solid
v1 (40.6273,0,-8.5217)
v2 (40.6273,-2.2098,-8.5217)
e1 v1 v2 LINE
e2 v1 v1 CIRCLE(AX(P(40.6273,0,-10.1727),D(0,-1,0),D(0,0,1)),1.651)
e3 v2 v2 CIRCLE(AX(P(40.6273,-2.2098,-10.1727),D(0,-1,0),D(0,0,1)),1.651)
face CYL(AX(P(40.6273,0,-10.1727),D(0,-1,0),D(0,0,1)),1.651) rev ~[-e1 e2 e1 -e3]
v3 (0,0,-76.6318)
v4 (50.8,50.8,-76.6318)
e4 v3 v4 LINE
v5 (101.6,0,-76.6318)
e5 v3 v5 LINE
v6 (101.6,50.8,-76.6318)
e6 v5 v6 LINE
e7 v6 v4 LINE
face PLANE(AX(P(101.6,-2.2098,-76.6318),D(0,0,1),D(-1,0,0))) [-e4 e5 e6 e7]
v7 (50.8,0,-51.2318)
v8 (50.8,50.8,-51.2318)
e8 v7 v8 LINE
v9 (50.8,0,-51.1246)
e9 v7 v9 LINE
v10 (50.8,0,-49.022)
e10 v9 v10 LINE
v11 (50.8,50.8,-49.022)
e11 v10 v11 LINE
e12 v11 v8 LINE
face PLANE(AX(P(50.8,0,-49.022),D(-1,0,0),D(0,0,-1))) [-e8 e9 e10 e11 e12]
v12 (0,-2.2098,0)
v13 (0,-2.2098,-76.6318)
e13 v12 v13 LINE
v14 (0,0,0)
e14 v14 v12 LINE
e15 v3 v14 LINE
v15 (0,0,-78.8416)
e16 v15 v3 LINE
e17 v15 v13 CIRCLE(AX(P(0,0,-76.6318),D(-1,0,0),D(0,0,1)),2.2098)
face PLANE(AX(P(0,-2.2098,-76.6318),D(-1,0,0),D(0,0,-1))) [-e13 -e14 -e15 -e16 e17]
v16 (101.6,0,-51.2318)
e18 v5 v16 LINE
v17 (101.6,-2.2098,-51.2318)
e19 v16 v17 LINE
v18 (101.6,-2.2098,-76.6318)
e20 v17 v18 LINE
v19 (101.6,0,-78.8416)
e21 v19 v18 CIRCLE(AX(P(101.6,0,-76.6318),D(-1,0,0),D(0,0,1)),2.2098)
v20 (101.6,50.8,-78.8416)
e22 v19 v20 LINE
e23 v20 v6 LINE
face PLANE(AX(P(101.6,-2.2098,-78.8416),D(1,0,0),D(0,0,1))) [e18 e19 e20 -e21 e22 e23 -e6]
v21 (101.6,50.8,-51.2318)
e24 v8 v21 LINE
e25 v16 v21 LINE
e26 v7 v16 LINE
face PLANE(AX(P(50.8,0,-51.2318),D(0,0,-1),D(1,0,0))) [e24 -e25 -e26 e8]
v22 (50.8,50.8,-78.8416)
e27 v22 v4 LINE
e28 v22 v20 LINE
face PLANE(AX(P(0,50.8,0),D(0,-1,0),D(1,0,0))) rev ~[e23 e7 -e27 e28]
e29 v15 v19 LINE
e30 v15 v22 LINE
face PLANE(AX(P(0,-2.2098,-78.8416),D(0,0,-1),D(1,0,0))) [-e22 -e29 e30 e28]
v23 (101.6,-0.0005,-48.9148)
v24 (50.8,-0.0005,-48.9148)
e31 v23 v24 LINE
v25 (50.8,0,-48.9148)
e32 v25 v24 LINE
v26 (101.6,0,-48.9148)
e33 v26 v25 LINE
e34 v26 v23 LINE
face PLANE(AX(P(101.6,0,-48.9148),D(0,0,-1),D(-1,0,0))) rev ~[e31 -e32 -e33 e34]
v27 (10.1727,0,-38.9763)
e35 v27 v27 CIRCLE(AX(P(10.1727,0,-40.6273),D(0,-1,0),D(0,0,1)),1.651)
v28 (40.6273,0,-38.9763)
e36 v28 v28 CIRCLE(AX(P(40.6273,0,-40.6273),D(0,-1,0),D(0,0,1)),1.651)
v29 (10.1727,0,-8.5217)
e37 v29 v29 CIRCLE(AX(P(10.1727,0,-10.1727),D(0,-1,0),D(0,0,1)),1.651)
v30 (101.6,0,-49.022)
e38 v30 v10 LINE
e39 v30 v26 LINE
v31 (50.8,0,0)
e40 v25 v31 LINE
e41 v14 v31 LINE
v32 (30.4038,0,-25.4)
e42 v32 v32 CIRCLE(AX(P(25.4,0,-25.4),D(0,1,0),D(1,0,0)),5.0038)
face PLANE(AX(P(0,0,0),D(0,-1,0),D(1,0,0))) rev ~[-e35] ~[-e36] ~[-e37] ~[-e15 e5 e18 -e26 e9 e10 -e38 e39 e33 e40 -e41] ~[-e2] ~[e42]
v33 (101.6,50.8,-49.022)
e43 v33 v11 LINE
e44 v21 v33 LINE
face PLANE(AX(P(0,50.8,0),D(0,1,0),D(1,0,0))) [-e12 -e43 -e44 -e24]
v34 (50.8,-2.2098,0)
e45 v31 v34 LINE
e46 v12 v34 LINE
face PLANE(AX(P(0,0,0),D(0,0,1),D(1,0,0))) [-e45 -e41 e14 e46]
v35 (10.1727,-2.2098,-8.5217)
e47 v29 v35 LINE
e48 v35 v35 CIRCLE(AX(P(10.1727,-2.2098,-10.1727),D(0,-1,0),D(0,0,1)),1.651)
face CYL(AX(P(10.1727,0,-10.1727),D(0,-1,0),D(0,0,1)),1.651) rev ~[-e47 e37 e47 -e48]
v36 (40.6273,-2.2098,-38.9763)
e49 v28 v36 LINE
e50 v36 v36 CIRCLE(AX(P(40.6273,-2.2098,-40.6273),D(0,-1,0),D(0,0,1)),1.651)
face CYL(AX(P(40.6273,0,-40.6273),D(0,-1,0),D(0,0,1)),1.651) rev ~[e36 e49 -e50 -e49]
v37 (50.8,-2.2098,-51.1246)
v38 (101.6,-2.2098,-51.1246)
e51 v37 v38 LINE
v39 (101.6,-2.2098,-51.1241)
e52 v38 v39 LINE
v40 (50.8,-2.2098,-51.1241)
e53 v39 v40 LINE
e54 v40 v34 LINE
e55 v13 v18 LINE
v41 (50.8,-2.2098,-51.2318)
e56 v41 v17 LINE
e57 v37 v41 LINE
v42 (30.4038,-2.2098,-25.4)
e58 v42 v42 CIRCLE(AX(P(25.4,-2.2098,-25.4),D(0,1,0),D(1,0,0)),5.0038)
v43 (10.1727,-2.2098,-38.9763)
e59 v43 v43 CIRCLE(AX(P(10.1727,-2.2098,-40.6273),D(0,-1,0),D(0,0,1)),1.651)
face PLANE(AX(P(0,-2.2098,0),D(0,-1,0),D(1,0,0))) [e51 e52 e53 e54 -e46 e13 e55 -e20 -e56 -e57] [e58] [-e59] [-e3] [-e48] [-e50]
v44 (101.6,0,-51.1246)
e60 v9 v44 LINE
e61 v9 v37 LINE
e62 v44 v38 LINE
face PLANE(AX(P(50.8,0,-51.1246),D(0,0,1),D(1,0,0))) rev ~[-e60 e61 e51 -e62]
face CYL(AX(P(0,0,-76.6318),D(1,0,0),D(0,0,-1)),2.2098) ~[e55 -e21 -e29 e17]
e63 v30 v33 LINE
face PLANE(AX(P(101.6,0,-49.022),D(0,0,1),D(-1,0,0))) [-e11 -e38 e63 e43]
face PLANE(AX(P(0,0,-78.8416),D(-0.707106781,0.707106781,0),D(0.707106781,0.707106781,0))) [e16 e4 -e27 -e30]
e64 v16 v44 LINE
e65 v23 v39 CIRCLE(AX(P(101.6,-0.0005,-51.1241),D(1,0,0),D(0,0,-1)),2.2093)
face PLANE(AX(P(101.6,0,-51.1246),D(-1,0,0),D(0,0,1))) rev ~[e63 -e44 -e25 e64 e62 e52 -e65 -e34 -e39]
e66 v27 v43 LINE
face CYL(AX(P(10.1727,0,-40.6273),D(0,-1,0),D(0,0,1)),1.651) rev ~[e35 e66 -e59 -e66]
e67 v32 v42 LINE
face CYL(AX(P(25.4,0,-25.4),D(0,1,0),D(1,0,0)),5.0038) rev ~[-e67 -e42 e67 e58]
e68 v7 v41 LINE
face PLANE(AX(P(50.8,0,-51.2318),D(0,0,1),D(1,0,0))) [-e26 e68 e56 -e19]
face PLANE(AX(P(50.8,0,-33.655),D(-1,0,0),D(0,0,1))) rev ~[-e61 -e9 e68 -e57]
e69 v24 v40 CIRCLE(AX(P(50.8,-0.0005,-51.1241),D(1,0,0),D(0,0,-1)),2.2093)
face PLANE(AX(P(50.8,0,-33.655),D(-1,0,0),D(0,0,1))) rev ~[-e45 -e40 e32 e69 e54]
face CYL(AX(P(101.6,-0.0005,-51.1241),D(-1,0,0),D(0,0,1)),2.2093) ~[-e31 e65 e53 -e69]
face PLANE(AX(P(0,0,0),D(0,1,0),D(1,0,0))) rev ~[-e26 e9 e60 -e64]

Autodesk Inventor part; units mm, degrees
ref_plane "YZ Plane" through (0, 0, 0) normal (1, 0, 0) x (0, 1, 0)
ref_plane "XZ Plane" through (0, 0, 0) normal (0, 1, 0) x (-1, 0, 0)
ref_plane "XY Plane" through (0, 0, 0) normal (0, 0, 1) x (1, 0, 0)
sketch "Sketch1" plane through (0, 0, 0) normal (0, 1, 0) x (-1, 0, 0)
  line L0 (0, 0) -> (-50.8, 0)
  line L1 (-50.8, 0) -> (-50.8, -50.8)
  line L2 (-50.8, -50.8) -> (0, -50.8)
  line L3 (0, -50.8) -> (0, 0)
  line L4 (-50.8, 0) -> (-101.6, 0)
  line L5 (-101.6, 0) -> (-101.6, -25.4)
  line L6 (-101.6, -25.4) -> (-50.8, -25.4)
  line L7 (-50.8, -25.4) -> (-50.8, 0)
  line L8 (-50.8, 0) -> (-101.6, 0)
  line L9 (-101.6, 0) -> (-101.6, 2.2098)
  line L10 (-101.6, 2.2098) -> (-50.8, 2.2098)
  line L11 (-50.8, 2.2098) -> (-50.8, 0)
  dimension "d0" = 50.8
  dimension "d1" = 50.8
  dimension "d2" = 50.8
  dimension "d3" = 2.2098
extrude "Extrusion1" add sketch "Sketch1" against normal blind 2.2098
extrude "Extrusion2" add sketch "Sketch1" along normal blind 50.8 contours L4 L9 L10 L11
fillet "Fillet1" radius 2.2098 1 edges at (76.2, -2.2098, 2.2098)
sketch "Sketch2" plane through (0, 0, 0) normal (0, 1, 0) x (1, 0, 0)
  line L0 (50.8, 0) -> (101.6, 0) projected
  line L1 (101.6, 0) -> (101.6, 25.4) projected
  line L2 (101.6, 25.4) -> (50.8, 25.4) projected
  line L3 (50.8, 25.4) -> (50.8, 50.8) projected
  line L4 (50.8, 50.8) -> (0, 50.8) projected
  line L5 (0, 50.8) -> (0, 0) projected
  line L6 (0, 0) -> (50.8, 0) projected
  line L7 (10.1727, 10.1727) -> (40.6273, 10.1727)
  line L8 (40.6273, 10.1727) -> (40.6273, 40.6273)
  line L9 (40.6273, 40.6273) -> (10.1727, 40.6273)
  line L10 (10.1727, 40.6273) -> (10.1727, 10.1727)
  dimension "d9" = 30.4546
  dimension "d10" = 30.4546
hole "Hole1" at (10.1727, 0, -40.6273) at (10.1727, 0, -10.1727) at (40.6273, 0, -40.6273) at (40.6273, 0, -10.1727) direction (0, -1, 0) diameter 3.302 end through all
sketch "Sketch3" plane through (0, 0, 0) normal (0, 1, 0) x (1, 0, 0)
  line L0 (50.8, 0) -> (101.6, 0)
  line L1 (101.6, 0) -> (101.6, 33.655)
  line L2 (101.6, 33.655) -> (50.8, 33.655)
  line L3 (50.8, 33.655) -> (50.8, 0)
  line L4 (50.8, 33.655) -> (101.6, 33.655)
  line L5 (101.6, 33.655) -> (101.6, 59.055)
  line L6 (101.6, 59.055) -> (50.8, 59.055)
  line L7 (50.8, 59.055) -> (50.8, 33.655)
  point P0 (0, 0)
  dimension "d18" = 33.655
  dimension "d19" = 25.4
extrude "Extrusion3" cut sketch "Sketch3" against normal blind 25.4 contours L3 L2 L1 L0
extrude "Extrusion4" add sketch "Sketch3" against normal blind 2.2098 contours L7 L6 L5 L2
sketch "Sketch4" plane through (0, 50.8, 0) normal (0, 1, 0) x (1, 0, 0)
  point P0 (0, 0)
sketch "Sketch5" plane through (0, 50.8, 0) normal (0, 1, 0) x (1, 0, 0)
  line L0 (50.8, 0) -> (101.6, 0)
  line L1 (101.6, 0) -> (101.6, -2.2098)
  line L2 (101.6, -2.2098) -> (50.8, -2.2098)
  line L3 (50.8, -2.2098) -> (50.8, 0)
  point P0 (0, 0)
extrude "Extrusion5" cut sketch "Sketch5" against normal through all
sketch "Sketch7" plane through (0, -2.2098, 0) normal (0, -1, 0) x (1, 0, 0)
  line L0 (50.8, -33.655) -> (101.6, -33.655)
  line L1 (101.6, -33.655) -> (101.6, -31.4452)
  line L2 (101.6, -31.4452) -> (50.8, -31.4452)
  line L3 (50.8, -31.4452) -> (50.8, -33.655)
  point P0 (0, 0)
  dimension "d27" = 50.8
  dimension "d28" = 2.2098
extrude "Extrusion6" add sketch "Sketch7" against normal blind 53.0098
fillet "Fillet2" radius 2.2098 1 edges at (76.2, -2.2098, -31.4452)
sketch "Sketch8" plane through (0, 0, 0) normal (0, 1, 0) x (1, 0, 0)
  line L0 (50.8, 0) -> (50.8, 31.4452) projected
  line L1 (50.8, 31.4452) -> (50.8, 33.655) projected
  line L2 (50.8, 33.655) -> (101.6, 33.655) projected
  line L3 (101.6, 33.655) -> (101.6, 59.055) projected
  line L4 (101.6, 59.055) -> (50.8, 59.055) projected
  line L5 (50.8, 59.055) -> (50.8, 50.8) projected
  line L6 (50.8, 50.8) -> (0, 50.8) projected
  line L7 (0, 50.8) -> (0, 0) projected
  line L8 (0, 0) -> (50.8, 0) projected
  circle A0 centre (40.6273, 10.1727) radius 1.651 projected
  circle A1 centre (10.1727, 10.1727) radius 1.651 projected
  circle A2 centre (10.1727, 40.6273) radius 1.651 projected
  circle A3 centre (40.6273, 40.6273) radius 1.651 projected
  line L9 (50.8, 59.055) -> (101.6, 59.055)
  line L10 (101.6, 59.055) -> (101.6, 76.6318)
  line L11 (101.6, 76.6318) -> (50.8, 76.6318)
  line L12 (50.8, 76.6318) -> (50.8, 59.055)
  line L13 (50.8, 50.8) -> (0, 50.8)
  line L14 (0, 50.8) -> (0, 76.6318)
  line L15 (0, 76.6318) -> (50.8, 76.6318)
  line L16 (50.8, 76.6318) -> (50.8, 50.8)
  dimension "d32" = 17.5768
extrude "Extrusion7" add sketch "Sketch8" against normal blind 2.2098 contours L14 L15 L12 L5 L6 | L4 L12 L11 L10
sketch "Sketch9" plane through (0, 0, 0) normal (0, 1, 0) x (1, 0, 0)
  line L0 (101.6, 76.6318) -> (50.8, 76.6318)
  line L1 (50.8, 76.6318) -> (50.8, 51.2318)
  line L2 (50.8, 51.2318) -> (101.6, 51.2318)
  line L3 (101.6, 51.2318) -> (101.6, 76.6318)
  line L4 (50.8, 51.2318) -> (112.668, 51.2318)
  line L5 (112.668, 51.2318) -> (112.668, 0)
  line L6 (112.668, 0) -> (50.8, 0)
  line L7 (50.8, 0) -> (50.8, 51.2318)
  point P0 (0, 0)
  dimension "d35" = 25.4
extrude "Extrusion8" cut sketch "Sketch9" against normal blind 2.2098 contours L4 L5 L6 L7 L2
sketch "Sketch10" plane through (0, 50.8, 0) normal (0, 1, 0) x (1, 0, 0)
  line L0 (50.8, 33.655) -> (116.0287, 33.655)
  line L1 (116.0287, 33.655) -> (116.0287, 19.3076)
  line L2 (116.0287, 19.3076) -> (50.8, 19.3076)
  line L3 (50.8, 19.3076) -> (50.8, 33.655)
  point P0 (0, 0)
extrude "Extrusion9" cut sketch "Sketch10" against normal through all
sketch "Sketch11" plane through (0, 0, 0) normal (0, 1, 0) x (1, 0, 0)
  line L0 (50.8, 51.2318) -> (101.6, 51.2318) projected
  line L1 (101.6, 51.2318) -> (101.6, 76.6318) projected
  line L2 (101.6, 76.6318) -> (0, 76.6318) projected
  line L3 (0, 76.6318) -> (0, 0) projected
  line L4 (0, 0) -> (50.8, 0) projected
  line L5 (50.8, 0) -> (50.8, 51.2318) projected
  circle A0 centre (40.6273, 10.1727) radius 1.651 projected
  circle A1 centre (10.1727, 10.1727) radius 1.651 projected
  circle A2 centre (10.1727, 40.6273) radius 1.651 projected
  circle A3 centre (40.6273, 40.6273) radius 1.651 projected
  line L6 (50.8, 51.2318) -> (101.6, 51.2318)
  line L7 (101.6, 51.2318) -> (101.6, 49.022)
  line L8 (101.6, 49.022) -> (50.8, 49.022)
  line L9 (50.8, 49.022) -> (50.8, 51.2318)
  dimension "d40" = 2.2098
extrude "Extrusion10" add sketch "Sketch11" along normal blind 50.8 contours L0 L7 L8 L5
sketch "Sketch12" plane through (0, 0, 0) normal (0, -1, 0) x (1, 0, 0)
  line L0 (50.8, -51.2318) -> (50.8, -49.022) projected
  line L1 (101.6, -48.9148) -> (50.8, -48.9148)
  line L2 (50.8, -48.9148) -> (50.8, -51.1246)
  line L3 (50.8, -51.1246) -> (101.6, -51.1246)
  line L4 (101.6, -51.1246) -> (101.6, -48.9148)
  point P0 (0, 0)
  dimension "d43" = 2.2098
extrude "Extrusion11" add sketch "Sketch12" along normal blind 2.2098
fillet "Fillet3" radius 2.2098 1 edges at (76.2, -2.2098, -48.9148)
sketch "Sketch14" plane through (0, -2.2098, 0) normal (0, -1, 0) x (1, 0, 0)
  line L0 (101.6, -76.6318) -> (0, -76.6318)
  line L1 (0, -76.6318) -> (0, -78.8416)
  line L2 (0, -78.8416) -> (101.6, -78.8416)
  line L3 (101.6, -78.8416) -> (101.6, -76.6318)
  point P0 (0, 0)
  dimension "d47" = 2.2098
extrude "Extrusion12" add sketch "Sketch14" against normal blind 53.0098
sketch "Sketch15" plane through (101.6, -2.2098, -78.8416) normal (0, 0, -1) x (-1, 0, 0)
  line L0 (101.6, 53.0098) -> (0, 53.0098) projected
  line L1 (101.6, 2.2098) -> (50.8, 53.0098)
  line L2 (101.6, 2.2098) -> (101.6, 53.0098)
  line L3 (101.6, 2.2098) -> (101.6, 53.0098) projected
  line L4 (101.6, 53.0098) -> (50.8, 53.0098)
  dimension "d50" = 50.8
extrude "Extrusion13" cut sketch "Sketch15" against normal blind 2.2098
fillet "Fillet4" radius 2.2098 1 edges at (50.8, -2.2098, -78.8416)
sketch "Sketch16" plane through (0, 0, 0) normal (0, 1, 0) x (1, 0, 0)
  line L0 (0, 0) -> (50.8, 0)
  line L1 (50.8, 0) -> (50.8, 50.8)
  line L2 (50.8, 50.8) -> (0, 50.8)
  line L3 (0, 50.8) -> (0, 0)
  circle A0 centre (25.4, 25.4) radius 5.0038
  dimension "d54" = 50.8
  dimension "d55" = 10.0076
extrude "Extrusion14" cut sketch "Sketch16" against normal blind 3.175 contours A0
properties part number "Arm holder Bracket"
